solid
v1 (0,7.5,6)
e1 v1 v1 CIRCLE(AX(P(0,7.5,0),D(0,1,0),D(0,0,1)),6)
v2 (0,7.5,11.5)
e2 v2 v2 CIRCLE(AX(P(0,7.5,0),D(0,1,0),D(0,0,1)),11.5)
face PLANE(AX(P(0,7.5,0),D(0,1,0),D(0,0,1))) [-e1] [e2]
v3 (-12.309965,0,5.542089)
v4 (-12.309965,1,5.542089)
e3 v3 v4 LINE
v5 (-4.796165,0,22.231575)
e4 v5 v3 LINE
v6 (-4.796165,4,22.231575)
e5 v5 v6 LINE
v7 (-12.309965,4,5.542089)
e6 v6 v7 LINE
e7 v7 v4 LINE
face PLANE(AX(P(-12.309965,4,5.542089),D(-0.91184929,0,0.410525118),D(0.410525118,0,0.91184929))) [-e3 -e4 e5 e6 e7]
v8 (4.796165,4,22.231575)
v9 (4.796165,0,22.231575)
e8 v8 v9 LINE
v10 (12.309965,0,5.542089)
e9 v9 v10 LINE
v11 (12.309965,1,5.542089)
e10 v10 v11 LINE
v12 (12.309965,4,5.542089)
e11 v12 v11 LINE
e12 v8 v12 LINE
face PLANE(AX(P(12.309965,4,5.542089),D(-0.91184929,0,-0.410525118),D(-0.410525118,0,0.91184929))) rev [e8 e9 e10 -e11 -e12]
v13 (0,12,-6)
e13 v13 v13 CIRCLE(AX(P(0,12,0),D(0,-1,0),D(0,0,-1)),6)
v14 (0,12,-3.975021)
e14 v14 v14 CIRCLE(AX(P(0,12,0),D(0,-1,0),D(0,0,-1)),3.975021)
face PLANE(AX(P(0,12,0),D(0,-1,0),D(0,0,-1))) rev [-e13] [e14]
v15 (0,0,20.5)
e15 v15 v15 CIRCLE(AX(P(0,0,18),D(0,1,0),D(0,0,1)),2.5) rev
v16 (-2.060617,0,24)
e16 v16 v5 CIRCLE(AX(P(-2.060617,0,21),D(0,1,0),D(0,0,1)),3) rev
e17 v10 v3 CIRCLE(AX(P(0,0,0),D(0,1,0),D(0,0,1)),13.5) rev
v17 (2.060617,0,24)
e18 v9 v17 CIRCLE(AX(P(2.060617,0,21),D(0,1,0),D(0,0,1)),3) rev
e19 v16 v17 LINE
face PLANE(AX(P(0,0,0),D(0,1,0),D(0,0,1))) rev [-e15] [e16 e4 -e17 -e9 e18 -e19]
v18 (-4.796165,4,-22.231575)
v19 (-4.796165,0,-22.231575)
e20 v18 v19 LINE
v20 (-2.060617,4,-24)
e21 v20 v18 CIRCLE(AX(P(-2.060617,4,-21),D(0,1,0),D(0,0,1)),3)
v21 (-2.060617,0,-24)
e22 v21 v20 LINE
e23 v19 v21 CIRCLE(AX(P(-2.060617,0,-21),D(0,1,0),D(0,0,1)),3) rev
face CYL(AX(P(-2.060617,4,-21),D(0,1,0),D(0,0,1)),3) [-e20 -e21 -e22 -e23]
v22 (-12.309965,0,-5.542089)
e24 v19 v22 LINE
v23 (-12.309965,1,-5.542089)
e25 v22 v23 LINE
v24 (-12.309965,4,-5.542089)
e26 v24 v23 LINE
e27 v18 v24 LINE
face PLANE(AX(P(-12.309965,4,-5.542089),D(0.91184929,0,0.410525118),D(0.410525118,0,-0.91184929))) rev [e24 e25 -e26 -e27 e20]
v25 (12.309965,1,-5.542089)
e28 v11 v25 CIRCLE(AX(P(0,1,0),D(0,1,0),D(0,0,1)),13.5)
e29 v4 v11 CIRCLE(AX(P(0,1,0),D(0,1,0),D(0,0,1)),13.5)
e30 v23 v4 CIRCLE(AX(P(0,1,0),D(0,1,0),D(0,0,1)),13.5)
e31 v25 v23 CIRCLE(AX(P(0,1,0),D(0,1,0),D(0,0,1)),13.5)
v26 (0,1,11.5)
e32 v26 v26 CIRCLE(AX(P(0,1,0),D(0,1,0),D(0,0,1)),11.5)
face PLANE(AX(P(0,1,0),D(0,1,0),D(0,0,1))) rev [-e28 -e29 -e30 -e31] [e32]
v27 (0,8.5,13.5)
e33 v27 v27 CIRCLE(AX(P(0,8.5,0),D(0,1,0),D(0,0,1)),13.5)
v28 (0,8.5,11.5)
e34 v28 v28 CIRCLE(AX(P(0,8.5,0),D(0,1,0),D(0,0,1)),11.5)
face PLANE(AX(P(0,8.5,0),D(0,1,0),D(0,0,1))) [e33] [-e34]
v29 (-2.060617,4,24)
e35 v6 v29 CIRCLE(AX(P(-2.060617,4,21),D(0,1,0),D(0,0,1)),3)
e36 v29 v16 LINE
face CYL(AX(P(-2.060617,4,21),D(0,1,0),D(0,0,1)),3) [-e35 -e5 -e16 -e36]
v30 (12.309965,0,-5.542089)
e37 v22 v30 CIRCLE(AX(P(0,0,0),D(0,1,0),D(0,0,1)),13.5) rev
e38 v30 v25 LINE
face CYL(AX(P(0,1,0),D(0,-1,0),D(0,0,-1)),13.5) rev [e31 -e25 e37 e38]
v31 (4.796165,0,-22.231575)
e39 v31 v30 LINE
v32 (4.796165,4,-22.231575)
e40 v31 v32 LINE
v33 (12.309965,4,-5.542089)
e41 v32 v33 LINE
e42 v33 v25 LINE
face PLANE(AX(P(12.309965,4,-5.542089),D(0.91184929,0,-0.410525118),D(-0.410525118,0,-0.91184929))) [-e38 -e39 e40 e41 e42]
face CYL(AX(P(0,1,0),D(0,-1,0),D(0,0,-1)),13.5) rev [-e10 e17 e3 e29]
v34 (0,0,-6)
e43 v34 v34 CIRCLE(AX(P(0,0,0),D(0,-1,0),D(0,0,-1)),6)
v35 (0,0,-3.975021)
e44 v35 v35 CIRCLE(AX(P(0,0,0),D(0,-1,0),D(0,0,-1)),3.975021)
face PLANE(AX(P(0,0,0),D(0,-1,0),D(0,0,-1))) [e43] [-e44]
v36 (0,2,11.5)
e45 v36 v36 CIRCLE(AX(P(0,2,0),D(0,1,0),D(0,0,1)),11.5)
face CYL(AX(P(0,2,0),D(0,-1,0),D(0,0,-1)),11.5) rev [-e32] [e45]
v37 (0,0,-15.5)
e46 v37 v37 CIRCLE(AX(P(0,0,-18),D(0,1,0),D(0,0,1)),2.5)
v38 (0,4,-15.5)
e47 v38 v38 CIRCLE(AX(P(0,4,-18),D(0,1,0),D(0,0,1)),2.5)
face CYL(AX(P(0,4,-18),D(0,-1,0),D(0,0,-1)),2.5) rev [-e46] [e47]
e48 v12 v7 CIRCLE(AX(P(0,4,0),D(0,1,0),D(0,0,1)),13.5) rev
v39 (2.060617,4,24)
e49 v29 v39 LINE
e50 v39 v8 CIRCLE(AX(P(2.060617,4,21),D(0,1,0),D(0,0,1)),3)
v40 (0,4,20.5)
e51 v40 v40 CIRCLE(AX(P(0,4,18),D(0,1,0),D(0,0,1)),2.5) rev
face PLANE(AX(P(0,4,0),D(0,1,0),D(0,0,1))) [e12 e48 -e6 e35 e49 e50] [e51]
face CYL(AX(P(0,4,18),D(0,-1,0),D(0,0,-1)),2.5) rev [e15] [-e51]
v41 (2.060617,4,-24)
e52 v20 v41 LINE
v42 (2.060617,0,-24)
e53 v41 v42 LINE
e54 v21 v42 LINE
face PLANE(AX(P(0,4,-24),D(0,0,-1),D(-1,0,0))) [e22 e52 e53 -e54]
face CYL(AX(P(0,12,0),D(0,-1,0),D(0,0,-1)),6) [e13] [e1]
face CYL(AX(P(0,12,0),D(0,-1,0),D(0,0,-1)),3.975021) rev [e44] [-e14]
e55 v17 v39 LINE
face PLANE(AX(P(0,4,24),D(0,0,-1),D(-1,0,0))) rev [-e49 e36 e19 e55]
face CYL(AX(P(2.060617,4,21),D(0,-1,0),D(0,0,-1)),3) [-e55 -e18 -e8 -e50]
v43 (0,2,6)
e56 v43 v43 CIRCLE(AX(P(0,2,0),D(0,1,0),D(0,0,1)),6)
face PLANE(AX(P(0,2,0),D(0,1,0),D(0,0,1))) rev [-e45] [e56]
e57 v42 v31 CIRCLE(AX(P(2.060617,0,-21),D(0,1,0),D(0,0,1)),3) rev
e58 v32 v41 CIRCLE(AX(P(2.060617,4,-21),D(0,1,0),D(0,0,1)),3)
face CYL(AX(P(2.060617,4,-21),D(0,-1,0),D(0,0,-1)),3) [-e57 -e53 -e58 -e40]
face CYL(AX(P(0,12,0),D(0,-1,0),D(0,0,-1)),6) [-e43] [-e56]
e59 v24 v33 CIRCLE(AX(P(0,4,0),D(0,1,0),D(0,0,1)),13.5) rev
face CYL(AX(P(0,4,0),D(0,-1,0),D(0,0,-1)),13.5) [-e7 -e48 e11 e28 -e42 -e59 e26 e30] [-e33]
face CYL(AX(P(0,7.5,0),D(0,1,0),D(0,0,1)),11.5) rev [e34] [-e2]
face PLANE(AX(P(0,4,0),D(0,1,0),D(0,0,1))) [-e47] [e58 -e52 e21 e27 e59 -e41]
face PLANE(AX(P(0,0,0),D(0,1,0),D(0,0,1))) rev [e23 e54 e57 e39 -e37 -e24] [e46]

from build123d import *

# Parameters (mm, degrees)
SKETCH_1_R           = 2.5
SKETCH_1_R_2         = 13.5
SKETCH_1_R_3         = 4
EXTRUDE_1_DEPTH      = 4
SKETCH_1_3_R         = 13.5
SKETCH_1_3_R_2       = 4
EXTRUDE_2_DEPTH      = 8.5
SKETCH_1_5_R         = 13.5
SKETCH_1_5_R_2       = 4
CUT_EXTRUDE_1_DEPTH  = 1
EXTRUDE_4_DEPTH      = 1
EXTRUDE_4_DEPTH_BACK = 11
SKETCH_2_R           = 6
SKETCH_2_R_2         = 3.975020813
SKETCH_3_R           = 11.5
SKETCH_3_R_2         = 6
CUT_EXTRUDE_2_DEPTH  = 1
FILLET_1_R           = 3
CUT_EXTRUDE_START    = -6.5
SKETCH_3_2_R         = 11.5
SKETCH_3_2_R_2       = 6
CUT_EXTRUDE_3_DEPTH  = 1


with BuildPart() as part:
    # 草图1 → 凸台-拉伸1 (new body)
    # profile 1 of 3: a face of its own
    with BuildSketch(Plane(origin=(0, 0, 0), x_dir=(1, 0, 0), z_dir=(0, 1, 0))):
        with BuildLine():
            Line((4, 24), (-4, 24))
            Line((-4, 24), (-12.309965411, 5.542089098))
            ThreePointArc((-12.309965411, 5.542089098), (0, 13.5), (12.309965411, 5.542089098))
            Line((12.309965411, 5.542089098), (4, 24))
        make_face()
        with Locations(Location((0, 18, 0), (0, 0, 270))):
            Circle(SKETCH_1_R, mode=Mode.SUBTRACT)
    # profile 2 of 3: a face of its own
    with BuildSketch(Plane(origin=(0, 0, 0), x_dir=(1, 0, 0), z_dir=(0, 1, 0))):
        Circle(SKETCH_1_R_2)
        with Locations(Location((0, 0, 0), (0, 0, 270))):
            Circle(SKETCH_1_R_3, mode=Mode.SUBTRACT)
    # profile 3 of 3: a face of its own
    with BuildSketch(Plane(origin=(0, 0, 0), x_dir=(1, 0, 0), z_dir=(0, 1, 0))):
        with BuildLine():
            ThreePointArc((12.309965411, -5.542089098), (0, -13.5), (-12.309965411, -5.542089098))
            Line((-12.309965411, -5.542089098), (-4, -24))
            Line((-4, -24), (4, -24))
            Line((4, -24), (12.309965411, -5.542089098))
        make_face()
        with Locations(Location((0, -18, 0), (0, 0, 270))):
            Circle(SKETCH_1_R, mode=Mode.SUBTRACT)
    extrude(amount=EXTRUDE_1_DEPTH)

    # 草图1<3> → 凸台-拉伸2 (add)
    with BuildSketch(Plane(origin=(0, 0, 0), x_dir=(1, 0, 0), z_dir=(0, 1, 0))):
        with Locations(Location((0, 0, 0), (0, 0, 24.237826184))):
            Circle(SKETCH_1_3_R)
        with Locations(Location((0, 0, 0), (0, 0, 270))):
            Circle(SKETCH_1_3_R_2, mode=Mode.SUBTRACT)
    extrude(amount=EXTRUDE_2_DEPTH)

    # 草图1<5> → 切除-拉伸1 (cut)
    with BuildSketch(Plane(origin=(0, 0, 0), x_dir=(1, 0, 0), z_dir=(0, 1, 0))):
        with Locations(Location((0, 0, 0), (0, 0, 24.237826184))):
            Circle(SKETCH_1_5_R)
        with Locations(Location((0, 0, 0), (0, 0, 270))):
            Circle(SKETCH_1_5_R_2, mode=Mode.SUBTRACT)
    extrude(amount=CUT_EXTRUDE_1_DEPTH, mode=Mode.SUBTRACT)

    # 草图2 → 凸台-拉伸4 (add, two sides: drawn at the far end of the back side and taken through both)
    with BuildSketch(Plane.XZ.offset(-1).offset(-EXTRUDE_4_DEPTH_BACK)):
        with Locations(Location((0, 0, 0), (0, 0, 270))):
            Circle(SKETCH_2_R)
        with Locations(Location((0, 0, 0), (0, 0, 270))):
            Circle(SKETCH_2_R_2, mode=Mode.SUBTRACT)
    extrude(amount=EXTRUDE_4_DEPTH + EXTRUDE_4_DEPTH_BACK)

    # 草图3 → 切除-拉伸2 (cut)
    with BuildSketch(Plane(origin=(0, 8.5, 0), x_dir=(1, 0, 0), z_dir=(0, 1, 0))):
        with Locations(Location((0, 0, 0), (0, 0, 270))):
            Circle(SKETCH_3_R)
        with Locations(Location((0, 0, 0), (0, 0, 90))):
            Circle(SKETCH_3_R_2, mode=Mode.SUBTRACT)
    extrude(amount=-CUT_EXTRUDE_2_DEPTH, mode=Mode.SUBTRACT)

    # 圆角1
    fillet_1_edges = [part.edges().sort_by_distance(p)[0] for p in [
        (-4, 2, -24),
        (4, 2, -24),
        (4, 2, 24),
        (-4, 2, 24),
    ]]
    fillet(fillet_1_edges, radius=FILLET_1_R)

    # 草图3<2> → 切除-拉伸3 (cut)
    with BuildSketch(Plane(origin=(0, 8.5, 0), x_dir=(1, 0, 0), z_dir=(0, 1, 0)).offset(CUT_EXTRUDE_START)):
        with Locations(Location((0, 0, 0), (0, 0, 270))):
            Circle(SKETCH_3_2_R)
        with Locations(Location((0, 0, 0), (0, 0, 90))):
            Circle(SKETCH_3_2_R_2, mode=Mode.SUBTRACT)
    extrude(amount=-CUT_EXTRUDE_3_DEPTH, mode=Mode.SUBTRACT)


solid = part.part
